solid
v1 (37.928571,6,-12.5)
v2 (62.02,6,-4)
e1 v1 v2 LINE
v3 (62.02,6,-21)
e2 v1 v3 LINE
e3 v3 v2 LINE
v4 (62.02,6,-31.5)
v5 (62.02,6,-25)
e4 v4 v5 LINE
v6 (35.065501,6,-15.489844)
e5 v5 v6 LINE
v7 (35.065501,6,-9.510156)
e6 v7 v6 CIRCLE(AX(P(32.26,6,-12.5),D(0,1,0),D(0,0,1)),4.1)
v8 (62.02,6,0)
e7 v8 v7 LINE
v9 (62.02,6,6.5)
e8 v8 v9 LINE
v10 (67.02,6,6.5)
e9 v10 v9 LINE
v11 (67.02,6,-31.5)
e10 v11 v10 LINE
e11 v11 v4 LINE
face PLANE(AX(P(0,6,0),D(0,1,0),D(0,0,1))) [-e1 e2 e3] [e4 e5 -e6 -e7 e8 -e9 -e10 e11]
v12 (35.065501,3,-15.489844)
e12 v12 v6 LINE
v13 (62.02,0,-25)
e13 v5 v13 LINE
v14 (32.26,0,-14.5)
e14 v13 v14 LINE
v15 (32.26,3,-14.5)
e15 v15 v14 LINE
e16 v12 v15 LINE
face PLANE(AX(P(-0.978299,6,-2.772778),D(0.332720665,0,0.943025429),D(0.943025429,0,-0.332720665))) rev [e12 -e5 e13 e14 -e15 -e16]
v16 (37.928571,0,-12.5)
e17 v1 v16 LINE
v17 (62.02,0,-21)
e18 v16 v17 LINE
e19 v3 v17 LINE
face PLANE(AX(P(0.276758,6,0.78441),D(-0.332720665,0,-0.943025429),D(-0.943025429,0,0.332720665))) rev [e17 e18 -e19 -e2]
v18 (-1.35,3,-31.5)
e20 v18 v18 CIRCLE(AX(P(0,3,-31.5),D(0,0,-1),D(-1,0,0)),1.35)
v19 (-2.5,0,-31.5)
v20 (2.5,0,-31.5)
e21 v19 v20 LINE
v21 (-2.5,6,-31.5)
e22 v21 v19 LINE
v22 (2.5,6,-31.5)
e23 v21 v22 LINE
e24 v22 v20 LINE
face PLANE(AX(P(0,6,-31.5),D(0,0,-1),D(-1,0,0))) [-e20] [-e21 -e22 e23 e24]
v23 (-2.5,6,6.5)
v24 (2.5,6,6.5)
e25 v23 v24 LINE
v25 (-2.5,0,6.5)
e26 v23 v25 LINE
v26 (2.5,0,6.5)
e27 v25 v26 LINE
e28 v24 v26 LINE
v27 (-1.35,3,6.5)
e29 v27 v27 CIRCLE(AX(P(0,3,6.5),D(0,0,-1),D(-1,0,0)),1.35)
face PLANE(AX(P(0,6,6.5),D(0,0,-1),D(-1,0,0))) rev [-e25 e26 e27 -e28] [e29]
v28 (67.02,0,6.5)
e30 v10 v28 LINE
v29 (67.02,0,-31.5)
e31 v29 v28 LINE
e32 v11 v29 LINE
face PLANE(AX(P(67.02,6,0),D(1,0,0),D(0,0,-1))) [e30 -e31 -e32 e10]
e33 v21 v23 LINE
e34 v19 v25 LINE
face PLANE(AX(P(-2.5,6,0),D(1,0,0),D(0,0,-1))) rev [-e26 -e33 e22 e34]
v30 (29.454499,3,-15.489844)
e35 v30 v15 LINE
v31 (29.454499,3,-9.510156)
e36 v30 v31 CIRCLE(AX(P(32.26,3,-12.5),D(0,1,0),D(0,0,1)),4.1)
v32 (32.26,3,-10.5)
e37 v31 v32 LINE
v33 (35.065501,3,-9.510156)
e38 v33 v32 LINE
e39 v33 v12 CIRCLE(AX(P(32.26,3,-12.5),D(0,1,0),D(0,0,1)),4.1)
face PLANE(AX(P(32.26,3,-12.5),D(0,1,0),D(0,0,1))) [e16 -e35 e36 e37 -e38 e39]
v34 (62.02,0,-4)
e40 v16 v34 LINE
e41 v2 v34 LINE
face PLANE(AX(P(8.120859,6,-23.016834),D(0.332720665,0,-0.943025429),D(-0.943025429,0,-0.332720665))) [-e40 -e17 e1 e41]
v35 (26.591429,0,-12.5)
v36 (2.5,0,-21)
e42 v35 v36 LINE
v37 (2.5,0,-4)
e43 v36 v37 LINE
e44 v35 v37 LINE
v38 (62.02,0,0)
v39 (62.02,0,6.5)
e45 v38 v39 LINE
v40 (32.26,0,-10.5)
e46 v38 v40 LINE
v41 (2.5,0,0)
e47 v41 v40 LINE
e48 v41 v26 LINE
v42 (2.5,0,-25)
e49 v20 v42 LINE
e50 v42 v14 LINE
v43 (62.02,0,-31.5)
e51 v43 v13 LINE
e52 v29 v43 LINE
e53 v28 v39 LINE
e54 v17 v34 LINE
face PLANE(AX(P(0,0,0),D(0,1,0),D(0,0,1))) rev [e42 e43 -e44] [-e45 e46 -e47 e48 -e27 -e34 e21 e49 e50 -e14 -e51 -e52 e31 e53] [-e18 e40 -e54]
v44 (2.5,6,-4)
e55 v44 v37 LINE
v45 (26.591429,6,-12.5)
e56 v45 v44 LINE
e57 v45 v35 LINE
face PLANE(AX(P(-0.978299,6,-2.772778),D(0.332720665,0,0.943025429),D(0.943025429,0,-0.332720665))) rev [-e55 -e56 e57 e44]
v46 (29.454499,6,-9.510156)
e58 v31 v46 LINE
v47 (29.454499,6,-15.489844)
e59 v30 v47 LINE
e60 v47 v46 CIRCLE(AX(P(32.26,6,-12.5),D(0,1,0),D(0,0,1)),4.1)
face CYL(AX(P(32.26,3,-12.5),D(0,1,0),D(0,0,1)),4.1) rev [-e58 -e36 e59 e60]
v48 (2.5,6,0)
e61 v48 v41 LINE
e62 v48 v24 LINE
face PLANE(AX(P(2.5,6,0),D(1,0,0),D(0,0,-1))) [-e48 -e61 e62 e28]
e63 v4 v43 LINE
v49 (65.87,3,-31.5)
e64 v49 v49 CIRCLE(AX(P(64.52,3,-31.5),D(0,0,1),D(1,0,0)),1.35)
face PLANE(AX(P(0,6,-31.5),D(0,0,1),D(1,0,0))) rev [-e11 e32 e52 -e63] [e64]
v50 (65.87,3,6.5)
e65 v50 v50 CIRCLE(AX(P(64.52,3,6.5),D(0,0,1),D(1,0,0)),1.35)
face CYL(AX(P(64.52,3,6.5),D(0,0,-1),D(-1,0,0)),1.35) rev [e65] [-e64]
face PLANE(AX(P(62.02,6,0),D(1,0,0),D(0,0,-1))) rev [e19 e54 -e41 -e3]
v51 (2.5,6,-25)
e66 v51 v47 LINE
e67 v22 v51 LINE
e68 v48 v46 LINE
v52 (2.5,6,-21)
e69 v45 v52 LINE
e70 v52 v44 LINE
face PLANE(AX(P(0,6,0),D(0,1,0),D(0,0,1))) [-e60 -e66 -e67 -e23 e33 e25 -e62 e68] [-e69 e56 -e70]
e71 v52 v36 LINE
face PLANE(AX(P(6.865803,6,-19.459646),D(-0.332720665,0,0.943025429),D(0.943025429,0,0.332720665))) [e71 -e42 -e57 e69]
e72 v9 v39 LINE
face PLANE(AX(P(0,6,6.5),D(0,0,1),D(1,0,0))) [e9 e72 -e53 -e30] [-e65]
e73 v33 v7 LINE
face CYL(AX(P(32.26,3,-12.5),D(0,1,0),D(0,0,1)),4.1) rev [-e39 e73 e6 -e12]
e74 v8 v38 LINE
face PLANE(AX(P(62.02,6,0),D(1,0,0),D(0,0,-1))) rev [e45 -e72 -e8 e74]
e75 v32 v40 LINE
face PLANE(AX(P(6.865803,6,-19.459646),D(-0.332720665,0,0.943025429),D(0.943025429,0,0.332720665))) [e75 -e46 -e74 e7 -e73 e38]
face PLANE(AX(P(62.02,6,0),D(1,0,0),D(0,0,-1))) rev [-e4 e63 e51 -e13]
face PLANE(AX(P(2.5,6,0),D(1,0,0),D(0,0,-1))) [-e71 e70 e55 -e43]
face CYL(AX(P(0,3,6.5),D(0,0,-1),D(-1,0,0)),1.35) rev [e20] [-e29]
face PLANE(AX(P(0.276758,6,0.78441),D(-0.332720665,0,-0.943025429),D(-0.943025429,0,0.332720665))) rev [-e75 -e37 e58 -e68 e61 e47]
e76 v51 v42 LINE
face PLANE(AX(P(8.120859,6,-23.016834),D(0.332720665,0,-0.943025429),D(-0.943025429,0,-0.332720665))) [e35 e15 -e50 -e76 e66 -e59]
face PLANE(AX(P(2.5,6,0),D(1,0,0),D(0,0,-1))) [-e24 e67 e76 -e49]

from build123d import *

# Parameters (mm, degrees)
BOSS_EXTRUDE1_DEPTH     = 6
SKETCH2_R               = 1.35
CUT_EXTRUDE1_DEPTH      = 39
ESQUISSE1_R             = 4.1
ENL_V_MAT_EXTRU_1_DEPTH = 3


with BuildPart() as part:
    # Sketch1 → Boss-Extrude1 (new body)
    with BuildSketch(Plane(origin=(0, 0, 0), x_dir=(1, 0, 0), z_dir=(0, 1, 0))):
        Polygon((2.5, 0), (0, 0), (0, 25), (2.5, 25), (2.5, 31.5), (-2.5, 31.5), (-2.5, -6.5), (2.5, -6.5), align=None)
        Polygon((0, 25), (0, 0), (2.5, 0), (2.5, 4), (2.5, 21), (2.5, 25), align=None)
        Polygon((32.26, 14.5), (2.5, 25), (2.5, 21), (26.591428571, 12.5), align=None)
        Polygon((26.591428571, 12.5), (32.26, 10.5), (37.928571429, 12.5), (32.26, 14.5), align=None)
        Polygon((32.26, 14.5), (37.928571429, 12.5), (62.02, 21), (62.02, 25), align=None)
        Polygon((2.5, 4), (2.5, 0), (32.26, 10.5), (26.591428571, 12.5), align=None)
        Polygon((32.26, 10.5), (62.02, 0), (62.02, 4), (37.928571429, 12.5), align=None)
        Polygon((62.02, 4), (62.02, 0), (64.52, 0), (64.52, 25), (62.02, 25), (62.02, 21), align=None)
        Polygon((64.52, 0), (62.02, 0), (62.02, -6.5), (67.02, -6.5), (67.02, 31.5), (62.02, 31.5), (62.02, 25), (64.52, 25), align=None)
    extrude(amount=BOSS_EXTRUDE1_DEPTH)

    # Sketch2 → Cut-Extrude1 (cut, through all)
    with BuildSketch(Plane(origin=(0, 0, -31.5), x_dir=(-1, 0, 0), z_dir=(0, 0, -1))):
        with Locations((0, 3)):
            Circle(SKETCH2_R)
        with Locations((-64.52, 3)):
            Circle(SKETCH2_R)
    extrude(amount=-CUT_EXTRUDE1_DEPTH, mode=Mode.SUBTRACT)

    # Esquisse1 → Enlèv. mat.-Extru.1 (cut)
    with BuildSketch(Plane(origin=(0, 6, 0), x_dir=(1, 0, 0), z_dir=(0, 1, 0))):
        with Locations((32.26, 12.5)):
            Circle(ESQUISSE1_R)
    extrude(amount=-ENL_V_MAT_EXTRU_1_DEPTH, mode=Mode.SUBTRACT)


solid = part.part
